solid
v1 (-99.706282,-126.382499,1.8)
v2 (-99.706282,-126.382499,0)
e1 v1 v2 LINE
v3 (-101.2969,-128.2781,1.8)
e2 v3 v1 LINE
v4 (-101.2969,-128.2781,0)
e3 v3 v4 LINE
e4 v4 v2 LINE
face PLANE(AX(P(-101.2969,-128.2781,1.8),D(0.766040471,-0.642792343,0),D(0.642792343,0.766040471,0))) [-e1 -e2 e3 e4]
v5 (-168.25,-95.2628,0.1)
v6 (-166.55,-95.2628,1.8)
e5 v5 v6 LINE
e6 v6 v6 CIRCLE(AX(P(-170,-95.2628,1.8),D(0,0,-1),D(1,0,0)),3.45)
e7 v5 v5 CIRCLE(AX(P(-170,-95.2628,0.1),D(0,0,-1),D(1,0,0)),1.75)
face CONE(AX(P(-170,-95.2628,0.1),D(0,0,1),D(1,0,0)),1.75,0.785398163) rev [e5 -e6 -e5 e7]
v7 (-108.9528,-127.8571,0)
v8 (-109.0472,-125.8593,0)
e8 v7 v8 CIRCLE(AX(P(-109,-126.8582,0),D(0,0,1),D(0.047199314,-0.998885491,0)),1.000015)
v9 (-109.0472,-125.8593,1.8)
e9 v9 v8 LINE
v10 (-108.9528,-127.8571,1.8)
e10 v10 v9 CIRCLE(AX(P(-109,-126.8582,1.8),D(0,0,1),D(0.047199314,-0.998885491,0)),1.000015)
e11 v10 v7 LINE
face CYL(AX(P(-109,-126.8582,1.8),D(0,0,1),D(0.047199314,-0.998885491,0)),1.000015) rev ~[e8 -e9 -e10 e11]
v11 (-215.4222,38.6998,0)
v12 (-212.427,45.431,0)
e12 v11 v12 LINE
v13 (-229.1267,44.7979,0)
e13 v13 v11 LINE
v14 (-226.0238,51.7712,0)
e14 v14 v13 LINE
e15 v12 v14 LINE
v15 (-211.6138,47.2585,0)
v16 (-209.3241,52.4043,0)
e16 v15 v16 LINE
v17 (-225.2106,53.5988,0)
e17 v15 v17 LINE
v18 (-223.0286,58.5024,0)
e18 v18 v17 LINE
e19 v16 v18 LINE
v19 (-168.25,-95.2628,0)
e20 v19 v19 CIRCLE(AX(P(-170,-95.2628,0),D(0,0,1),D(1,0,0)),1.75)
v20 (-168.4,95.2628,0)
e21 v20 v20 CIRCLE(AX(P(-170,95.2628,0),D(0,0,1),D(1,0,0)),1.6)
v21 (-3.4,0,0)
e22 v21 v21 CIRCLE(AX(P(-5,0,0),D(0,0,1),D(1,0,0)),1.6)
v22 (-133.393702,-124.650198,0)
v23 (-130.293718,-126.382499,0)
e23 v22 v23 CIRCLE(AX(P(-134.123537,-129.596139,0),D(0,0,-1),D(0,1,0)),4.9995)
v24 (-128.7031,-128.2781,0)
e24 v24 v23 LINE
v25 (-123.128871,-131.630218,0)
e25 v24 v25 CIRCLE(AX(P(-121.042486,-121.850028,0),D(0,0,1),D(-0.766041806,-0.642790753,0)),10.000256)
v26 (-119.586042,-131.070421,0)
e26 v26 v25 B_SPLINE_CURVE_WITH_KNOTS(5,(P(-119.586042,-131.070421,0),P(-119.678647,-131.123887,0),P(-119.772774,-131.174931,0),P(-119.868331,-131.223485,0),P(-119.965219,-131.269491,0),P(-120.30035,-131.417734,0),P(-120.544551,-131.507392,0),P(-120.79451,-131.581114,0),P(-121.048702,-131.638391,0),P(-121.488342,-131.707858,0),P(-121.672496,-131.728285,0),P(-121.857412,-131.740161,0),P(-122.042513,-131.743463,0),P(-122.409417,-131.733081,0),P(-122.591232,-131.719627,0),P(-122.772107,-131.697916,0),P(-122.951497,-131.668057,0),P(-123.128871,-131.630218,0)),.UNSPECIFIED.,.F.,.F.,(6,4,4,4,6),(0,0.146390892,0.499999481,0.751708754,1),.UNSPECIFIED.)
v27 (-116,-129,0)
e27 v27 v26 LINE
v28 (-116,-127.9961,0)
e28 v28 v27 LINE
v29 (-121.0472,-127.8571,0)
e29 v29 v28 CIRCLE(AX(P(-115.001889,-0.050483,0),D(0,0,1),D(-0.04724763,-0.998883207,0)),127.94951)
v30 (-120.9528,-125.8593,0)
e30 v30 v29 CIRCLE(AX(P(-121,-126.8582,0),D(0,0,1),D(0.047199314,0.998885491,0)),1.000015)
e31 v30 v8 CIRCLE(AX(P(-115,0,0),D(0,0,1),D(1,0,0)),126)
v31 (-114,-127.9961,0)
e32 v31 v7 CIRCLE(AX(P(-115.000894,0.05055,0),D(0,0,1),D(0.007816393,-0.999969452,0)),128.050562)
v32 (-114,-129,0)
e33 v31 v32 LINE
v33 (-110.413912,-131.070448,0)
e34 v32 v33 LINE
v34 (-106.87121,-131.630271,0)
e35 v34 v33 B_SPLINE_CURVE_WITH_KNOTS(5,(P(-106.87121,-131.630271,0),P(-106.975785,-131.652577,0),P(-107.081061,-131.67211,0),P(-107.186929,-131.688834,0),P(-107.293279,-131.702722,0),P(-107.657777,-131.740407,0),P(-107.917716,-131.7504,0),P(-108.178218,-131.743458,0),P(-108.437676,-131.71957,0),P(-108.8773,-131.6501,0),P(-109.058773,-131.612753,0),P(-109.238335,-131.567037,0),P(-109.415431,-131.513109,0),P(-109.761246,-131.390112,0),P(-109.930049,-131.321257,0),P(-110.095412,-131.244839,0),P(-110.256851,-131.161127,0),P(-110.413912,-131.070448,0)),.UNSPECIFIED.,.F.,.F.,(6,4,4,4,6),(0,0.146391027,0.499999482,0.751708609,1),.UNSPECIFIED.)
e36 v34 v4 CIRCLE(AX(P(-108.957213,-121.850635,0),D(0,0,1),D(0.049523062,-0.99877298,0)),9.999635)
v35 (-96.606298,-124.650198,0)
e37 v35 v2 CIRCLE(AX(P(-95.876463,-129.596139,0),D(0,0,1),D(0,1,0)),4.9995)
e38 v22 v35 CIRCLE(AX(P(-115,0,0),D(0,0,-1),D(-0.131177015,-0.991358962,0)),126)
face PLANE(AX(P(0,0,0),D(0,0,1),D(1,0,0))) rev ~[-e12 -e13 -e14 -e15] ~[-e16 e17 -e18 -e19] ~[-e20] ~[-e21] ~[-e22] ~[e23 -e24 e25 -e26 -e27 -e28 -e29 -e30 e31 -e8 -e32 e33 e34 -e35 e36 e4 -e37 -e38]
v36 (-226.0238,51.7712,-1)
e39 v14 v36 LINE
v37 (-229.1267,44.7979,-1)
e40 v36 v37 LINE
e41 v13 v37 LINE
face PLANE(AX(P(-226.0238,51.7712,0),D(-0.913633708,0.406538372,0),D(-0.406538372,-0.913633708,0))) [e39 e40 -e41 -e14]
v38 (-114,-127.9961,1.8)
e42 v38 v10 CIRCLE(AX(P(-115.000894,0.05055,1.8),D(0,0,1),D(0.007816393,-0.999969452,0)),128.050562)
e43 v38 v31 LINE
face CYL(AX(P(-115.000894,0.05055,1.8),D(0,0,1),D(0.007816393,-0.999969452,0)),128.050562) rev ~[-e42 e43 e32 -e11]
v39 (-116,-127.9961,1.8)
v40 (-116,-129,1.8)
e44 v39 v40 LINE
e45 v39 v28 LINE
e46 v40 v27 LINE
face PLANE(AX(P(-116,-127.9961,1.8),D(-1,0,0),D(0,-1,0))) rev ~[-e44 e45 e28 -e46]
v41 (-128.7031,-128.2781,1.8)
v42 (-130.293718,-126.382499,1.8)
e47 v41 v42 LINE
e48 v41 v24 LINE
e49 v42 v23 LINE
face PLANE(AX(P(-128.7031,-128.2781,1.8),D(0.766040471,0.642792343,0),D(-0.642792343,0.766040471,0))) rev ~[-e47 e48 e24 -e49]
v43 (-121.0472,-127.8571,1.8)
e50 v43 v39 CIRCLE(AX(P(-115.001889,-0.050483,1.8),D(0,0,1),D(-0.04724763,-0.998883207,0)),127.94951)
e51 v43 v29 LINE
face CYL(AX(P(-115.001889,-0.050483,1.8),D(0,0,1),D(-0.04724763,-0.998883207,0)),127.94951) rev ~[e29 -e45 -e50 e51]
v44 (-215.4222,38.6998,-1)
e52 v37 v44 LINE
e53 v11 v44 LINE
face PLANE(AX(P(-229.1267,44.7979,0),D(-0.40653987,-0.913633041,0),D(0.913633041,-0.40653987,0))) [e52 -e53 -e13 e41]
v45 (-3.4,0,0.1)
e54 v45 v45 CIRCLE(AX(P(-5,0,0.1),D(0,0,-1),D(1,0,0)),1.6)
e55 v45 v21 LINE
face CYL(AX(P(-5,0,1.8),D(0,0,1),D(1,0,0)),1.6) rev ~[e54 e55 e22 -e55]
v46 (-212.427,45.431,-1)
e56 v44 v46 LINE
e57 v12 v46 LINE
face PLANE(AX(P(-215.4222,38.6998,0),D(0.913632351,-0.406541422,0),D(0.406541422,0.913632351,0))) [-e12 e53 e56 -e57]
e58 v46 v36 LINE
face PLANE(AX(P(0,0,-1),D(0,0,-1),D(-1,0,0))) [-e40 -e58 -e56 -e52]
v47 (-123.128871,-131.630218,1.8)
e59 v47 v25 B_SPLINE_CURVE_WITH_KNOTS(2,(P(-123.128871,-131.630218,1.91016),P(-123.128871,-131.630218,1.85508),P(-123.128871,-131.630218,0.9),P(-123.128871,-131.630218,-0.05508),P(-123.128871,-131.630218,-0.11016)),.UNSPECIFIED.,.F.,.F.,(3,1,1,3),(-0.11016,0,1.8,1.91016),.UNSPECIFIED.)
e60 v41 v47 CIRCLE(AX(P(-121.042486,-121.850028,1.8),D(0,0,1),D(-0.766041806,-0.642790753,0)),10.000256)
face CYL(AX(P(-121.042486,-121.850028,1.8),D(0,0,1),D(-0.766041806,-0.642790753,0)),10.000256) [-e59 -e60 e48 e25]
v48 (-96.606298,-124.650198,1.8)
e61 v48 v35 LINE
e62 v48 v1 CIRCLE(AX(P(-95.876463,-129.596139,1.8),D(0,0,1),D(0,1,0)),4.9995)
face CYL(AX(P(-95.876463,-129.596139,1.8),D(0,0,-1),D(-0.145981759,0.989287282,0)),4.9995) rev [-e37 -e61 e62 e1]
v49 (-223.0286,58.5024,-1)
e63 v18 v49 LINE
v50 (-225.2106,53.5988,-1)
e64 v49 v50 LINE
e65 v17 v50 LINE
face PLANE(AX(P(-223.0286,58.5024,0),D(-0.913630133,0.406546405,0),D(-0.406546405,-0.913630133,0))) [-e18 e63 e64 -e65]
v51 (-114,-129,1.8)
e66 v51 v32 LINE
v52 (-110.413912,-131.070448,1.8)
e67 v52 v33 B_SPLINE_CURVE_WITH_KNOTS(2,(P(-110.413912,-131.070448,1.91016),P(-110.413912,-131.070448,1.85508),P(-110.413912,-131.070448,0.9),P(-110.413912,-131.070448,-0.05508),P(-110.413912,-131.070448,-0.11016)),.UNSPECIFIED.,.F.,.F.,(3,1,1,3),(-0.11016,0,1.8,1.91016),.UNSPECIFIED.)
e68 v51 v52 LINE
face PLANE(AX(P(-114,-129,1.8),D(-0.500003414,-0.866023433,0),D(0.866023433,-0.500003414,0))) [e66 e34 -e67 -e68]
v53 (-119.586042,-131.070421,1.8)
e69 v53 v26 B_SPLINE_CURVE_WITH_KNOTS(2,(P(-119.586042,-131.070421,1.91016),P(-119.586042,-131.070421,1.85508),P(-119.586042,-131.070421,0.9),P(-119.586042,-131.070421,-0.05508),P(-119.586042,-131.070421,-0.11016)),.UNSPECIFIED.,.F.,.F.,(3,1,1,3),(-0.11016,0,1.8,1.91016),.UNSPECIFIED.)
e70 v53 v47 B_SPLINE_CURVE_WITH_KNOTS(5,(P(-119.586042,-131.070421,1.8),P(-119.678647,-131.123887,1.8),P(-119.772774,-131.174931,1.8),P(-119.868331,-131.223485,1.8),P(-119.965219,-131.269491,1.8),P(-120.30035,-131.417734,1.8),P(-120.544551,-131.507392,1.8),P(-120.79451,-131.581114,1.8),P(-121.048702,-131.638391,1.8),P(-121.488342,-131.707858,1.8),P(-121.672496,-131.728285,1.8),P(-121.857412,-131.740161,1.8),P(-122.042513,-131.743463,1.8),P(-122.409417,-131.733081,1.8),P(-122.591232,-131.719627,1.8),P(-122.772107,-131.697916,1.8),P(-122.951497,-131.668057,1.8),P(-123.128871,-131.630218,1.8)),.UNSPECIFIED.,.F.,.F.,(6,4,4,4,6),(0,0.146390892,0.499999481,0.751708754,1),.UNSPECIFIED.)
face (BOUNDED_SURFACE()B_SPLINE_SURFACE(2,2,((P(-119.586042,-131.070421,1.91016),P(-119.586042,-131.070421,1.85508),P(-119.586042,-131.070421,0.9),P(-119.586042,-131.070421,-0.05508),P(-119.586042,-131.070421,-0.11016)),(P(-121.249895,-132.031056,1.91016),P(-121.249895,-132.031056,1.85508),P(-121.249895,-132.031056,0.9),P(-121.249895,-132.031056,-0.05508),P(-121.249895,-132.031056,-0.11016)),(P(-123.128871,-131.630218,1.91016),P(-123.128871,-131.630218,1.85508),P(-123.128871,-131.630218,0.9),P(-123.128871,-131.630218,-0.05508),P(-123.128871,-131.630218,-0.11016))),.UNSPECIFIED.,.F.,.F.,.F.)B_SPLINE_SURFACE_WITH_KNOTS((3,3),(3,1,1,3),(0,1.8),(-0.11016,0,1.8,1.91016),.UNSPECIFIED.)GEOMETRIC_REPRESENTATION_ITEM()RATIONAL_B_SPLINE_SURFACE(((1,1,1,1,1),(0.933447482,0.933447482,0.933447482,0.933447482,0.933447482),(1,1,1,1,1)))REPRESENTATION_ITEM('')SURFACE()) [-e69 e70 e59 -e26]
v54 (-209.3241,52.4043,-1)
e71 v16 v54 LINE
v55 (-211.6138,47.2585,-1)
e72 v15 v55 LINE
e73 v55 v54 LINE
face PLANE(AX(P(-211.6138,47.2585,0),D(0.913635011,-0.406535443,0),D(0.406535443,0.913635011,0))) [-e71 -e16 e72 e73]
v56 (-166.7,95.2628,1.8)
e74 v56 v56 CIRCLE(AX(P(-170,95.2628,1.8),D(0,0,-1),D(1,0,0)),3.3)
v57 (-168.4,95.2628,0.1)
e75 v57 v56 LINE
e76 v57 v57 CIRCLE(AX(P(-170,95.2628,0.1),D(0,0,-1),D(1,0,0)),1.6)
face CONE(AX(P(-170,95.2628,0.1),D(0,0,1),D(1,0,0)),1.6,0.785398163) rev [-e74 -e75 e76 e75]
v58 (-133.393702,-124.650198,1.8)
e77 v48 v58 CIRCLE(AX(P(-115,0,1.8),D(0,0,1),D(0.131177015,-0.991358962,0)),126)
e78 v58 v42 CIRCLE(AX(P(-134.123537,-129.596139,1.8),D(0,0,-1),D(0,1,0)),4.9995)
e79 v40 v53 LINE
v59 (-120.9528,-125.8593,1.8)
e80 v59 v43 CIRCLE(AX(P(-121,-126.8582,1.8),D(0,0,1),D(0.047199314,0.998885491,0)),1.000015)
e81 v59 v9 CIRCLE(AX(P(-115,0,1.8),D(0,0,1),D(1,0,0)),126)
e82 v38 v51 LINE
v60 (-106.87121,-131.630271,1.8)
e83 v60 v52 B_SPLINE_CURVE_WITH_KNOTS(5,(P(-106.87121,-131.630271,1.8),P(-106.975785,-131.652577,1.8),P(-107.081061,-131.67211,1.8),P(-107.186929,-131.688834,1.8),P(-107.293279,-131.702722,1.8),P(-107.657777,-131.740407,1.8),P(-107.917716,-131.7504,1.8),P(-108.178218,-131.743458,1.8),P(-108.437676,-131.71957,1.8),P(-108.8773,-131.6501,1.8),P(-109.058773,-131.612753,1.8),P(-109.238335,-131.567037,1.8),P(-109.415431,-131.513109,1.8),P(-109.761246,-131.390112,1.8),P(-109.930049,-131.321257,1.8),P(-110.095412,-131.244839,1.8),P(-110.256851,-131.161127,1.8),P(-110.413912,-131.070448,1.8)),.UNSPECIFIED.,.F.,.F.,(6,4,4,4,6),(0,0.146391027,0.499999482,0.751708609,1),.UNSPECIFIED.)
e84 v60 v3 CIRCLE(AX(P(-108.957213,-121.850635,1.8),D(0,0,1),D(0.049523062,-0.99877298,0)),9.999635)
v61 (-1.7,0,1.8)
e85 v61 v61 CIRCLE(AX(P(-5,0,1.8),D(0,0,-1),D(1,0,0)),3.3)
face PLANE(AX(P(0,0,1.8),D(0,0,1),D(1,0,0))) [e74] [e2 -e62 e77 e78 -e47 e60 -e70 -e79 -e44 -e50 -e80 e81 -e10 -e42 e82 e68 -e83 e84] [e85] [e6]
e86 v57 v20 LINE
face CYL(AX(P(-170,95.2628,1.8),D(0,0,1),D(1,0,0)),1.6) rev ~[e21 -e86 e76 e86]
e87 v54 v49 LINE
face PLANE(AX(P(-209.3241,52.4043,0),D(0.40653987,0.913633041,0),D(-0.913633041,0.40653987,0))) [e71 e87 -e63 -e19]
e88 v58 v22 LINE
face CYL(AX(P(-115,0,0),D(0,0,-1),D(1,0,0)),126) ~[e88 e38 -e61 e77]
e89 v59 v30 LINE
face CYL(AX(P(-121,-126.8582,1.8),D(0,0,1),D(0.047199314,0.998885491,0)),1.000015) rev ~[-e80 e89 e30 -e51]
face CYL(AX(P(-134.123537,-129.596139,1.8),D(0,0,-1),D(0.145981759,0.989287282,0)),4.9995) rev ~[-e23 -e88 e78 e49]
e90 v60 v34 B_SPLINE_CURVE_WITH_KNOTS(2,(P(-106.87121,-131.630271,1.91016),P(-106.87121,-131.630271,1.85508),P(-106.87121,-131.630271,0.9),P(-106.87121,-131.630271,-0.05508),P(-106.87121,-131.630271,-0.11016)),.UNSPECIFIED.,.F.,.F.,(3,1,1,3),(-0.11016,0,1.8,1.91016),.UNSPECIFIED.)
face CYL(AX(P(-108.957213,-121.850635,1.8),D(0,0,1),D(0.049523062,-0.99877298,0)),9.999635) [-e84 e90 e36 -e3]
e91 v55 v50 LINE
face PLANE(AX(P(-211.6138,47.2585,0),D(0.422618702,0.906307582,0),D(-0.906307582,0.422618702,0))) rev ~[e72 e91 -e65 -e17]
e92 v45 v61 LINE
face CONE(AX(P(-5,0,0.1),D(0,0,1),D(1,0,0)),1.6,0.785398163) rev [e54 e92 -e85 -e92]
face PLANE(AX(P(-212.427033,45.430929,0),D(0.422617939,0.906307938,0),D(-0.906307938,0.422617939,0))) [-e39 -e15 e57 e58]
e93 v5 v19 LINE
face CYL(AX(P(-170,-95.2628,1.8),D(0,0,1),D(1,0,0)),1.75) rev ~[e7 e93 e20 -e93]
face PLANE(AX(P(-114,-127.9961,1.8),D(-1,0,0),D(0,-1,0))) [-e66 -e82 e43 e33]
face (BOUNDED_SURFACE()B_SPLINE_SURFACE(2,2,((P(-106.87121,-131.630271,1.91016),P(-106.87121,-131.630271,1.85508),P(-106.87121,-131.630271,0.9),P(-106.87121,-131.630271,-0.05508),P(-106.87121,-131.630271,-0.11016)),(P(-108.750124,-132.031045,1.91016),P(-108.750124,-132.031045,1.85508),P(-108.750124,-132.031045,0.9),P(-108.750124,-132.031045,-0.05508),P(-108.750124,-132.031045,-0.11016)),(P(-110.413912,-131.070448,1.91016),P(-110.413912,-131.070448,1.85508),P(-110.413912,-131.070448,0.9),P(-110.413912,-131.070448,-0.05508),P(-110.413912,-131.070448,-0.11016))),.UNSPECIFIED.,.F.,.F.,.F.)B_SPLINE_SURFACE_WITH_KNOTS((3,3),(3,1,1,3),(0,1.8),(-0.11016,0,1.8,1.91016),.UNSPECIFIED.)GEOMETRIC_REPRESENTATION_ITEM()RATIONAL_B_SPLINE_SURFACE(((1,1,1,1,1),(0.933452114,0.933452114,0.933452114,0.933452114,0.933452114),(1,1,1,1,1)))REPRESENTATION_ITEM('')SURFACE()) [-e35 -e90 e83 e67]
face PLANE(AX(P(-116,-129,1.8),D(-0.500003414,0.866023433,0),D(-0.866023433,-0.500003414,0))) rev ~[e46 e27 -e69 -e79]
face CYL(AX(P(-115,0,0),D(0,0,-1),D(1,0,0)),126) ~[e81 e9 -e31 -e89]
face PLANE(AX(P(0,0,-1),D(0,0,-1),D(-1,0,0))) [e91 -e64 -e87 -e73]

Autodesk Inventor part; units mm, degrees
ref_plane "YZ Plane" through (0, 0, 0) normal (1, 0, 0) x (0, 1, 0)
ref_plane "XZ Plane" through (0, 0, 0) normal (0, 1, 0) x (-1, 0, 0)
ref_plane "XY Plane" through (0, 0, 0) normal (0, 0, 1) x (1, 0, 0)
ref_plane "Work Plane1" through (0, 0, 0) normal (0, 0, 1) x (1, 0, 0)
sketch "Sketch1" plane through (0, 0, 0) normal (0, 0, 1) x (1, 0, 0)
  circle A0 centre (-115, 0) radius 5 projected
  circle A1 centre (-115, 0) radius 126
  point P0 (0, 0)
  dimension "d0" = 252
extrude "Extrusion1" add sketch "Sketch1" along normal blind 1.8 contours A0 | A1
sketch "Sketch2" plane through (-115, 0, 1.8) normal (0, 0, 1) x (1, 0, 0)
  circle A0 centre (-55, 95.2628) radius 1.6
  circle A1 centre (-55, -95.2628) radius 1.75
  circle A2 centre (110, 0) radius 1.6
  circle A3 centre (0, 0) radius 126 projected
  line L0 (-55, 95.2628) -> (110, 0)
  line L1 (110, 0) -> (-55, -95.2628)
  line L2 (-55, -95.2628) -> (-55, 95.2628)
  point P0 (115, 0)
  dimension "d3" = 3.2
  dimension "d4" = 3.5
  dimension "d5" = 3.2
  dimension "d11" = 110
extrude "Extrusion2" cut sketch "Sketch2" against normal blind 10 contours A0 L0 L2 | L2 L0 A0 | L2 L1 A1 | A1 L1 L2 | L0 L1 A2 | A2 L1 L0
chamfer "Chamfer1" distance 1.7 angle 45 3 edges at (-6.6, 0, 1.8) (-171.6, 95.2628, 1.8) (-171.75, -95.2628, 1.8)
sketch "Sketch3" plane through (-115, 0, 1.8) normal (0, 0, 1) x (1, 0, 0)
  circle A0 centre (0, 0) radius 126 projected
  line L0 (-1, -129) -> (-5.9628, -131.8653)
  line L1 (1, -129) -> (5.9628, -131.8653)
  arc A1 (6.0472, -127.8571) -> (5.9528, -125.8593) centre (6, -126.8582) ccw
  arc A2 (-5.9528, -125.8593) -> (-6.0472, -127.8571) centre (-6, -126.8582) ccw
  line L2 (13.7031, -128.2781) -> (16.5283, -124.9112)
  line L3 (-13.7031, -128.2781) -> (-16.5283, -124.9112)
  arc A3 (-6.538, -131.838) -> (-5.9628, -131.8653) centre (0, 0) ccw
  arc A4 (5.9628, -131.8653) -> (6.538, -131.838) centre (0, 0) ccw
  line L4 (1, -127.9961) -> (1, -129)
  line L5 (-1, -127.9961) -> (-1, -129)
  arc A5 (-6.0472, -127.8571) -> (-1, -127.9961) centre (0, 0) ccw
  arc A6 (1, -127.9961) -> (6.0472, -127.8571) centre (0, 0) ccw
  arc A7 (-13.7031, -128.2781) -> (-6.538, -131.838) centre (-6.0427, -121.8503) ccw
  arc A8 (6.538, -131.838) -> (13.7031, -128.2781) centre (6.0427, -121.8503) ccw
  point P0 (115, 0)
  point P1 (10.9628, -131.544)
  point P2 (-10.9628, -131.544)
  dimension "d17" = 129
  dimension "d18" = 129
  dimension "d23" = 5
  dimension "d25" = 5
  dimension "d28" = 10
extrude "Extrusion3" add sketch "Sketch3" against normal up to surface (1.8 mm away) contours A0 A2 A5 L5 L0 A3 A7 L3 | L2 A8 A4 L1 L4 A6 A1 A0
fillet "Fillet1" radius 5 4 edges at (-109.0372, -131.8653, 0.9) (-120.9628, -131.8653, 0.9) (-131.5283, -124.9112, 0.9) (-98.4717, -124.9112, 0.9)
sketch "Sketch4" plane through (0, 0, 0) normal (0, 0, -1) x (-1, 0, 0)
  arc A0 (133.3939, -124.6502) -> (96.6061, -124.6502) centre (115, 0) ccw projected
  arc A1 (116, -127.9961) -> (121.0472, -127.8571) centre (115, 0) ccw projected
  line L0 (115, 0) -> (252.9222, 0) construction
  line L1 (209.3241, 52.4043) -> (223.0286, 58.5024)
  line L2 (229.1267, 44.7979) -> (215.4222, 38.6998)
  line L3 (209.3241, 52.4043) -> (229.1267, 44.7979) construction
  line L4 (223.0286, 58.5024) -> (215.4222, 38.6998) construction
  line L5 (211.6138, 47.2585) -> (225.2106, 53.5988)
  line L6 (223.0286, 58.5024) -> (225.2106, 53.5988)
  line L7 (226.0238, 51.7712) -> (229.1267, 44.7979)
  line L8 (215.4222, 38.6998) -> (212.427, 45.431)
  line L9 (211.6138, 47.2585) -> (209.3241, 52.4043)
  line L10 (115, 0) -> (226.0238, 51.7712)
  point P0 (0, 0)
  point P1 (219.2254, 48.6011)
  dimension "d34" = 15
  dimension "d36" = 115
extrude "Extrusion4" add sketch "Sketch4" along normal blind 1
properties material "Aluminum 6061"
